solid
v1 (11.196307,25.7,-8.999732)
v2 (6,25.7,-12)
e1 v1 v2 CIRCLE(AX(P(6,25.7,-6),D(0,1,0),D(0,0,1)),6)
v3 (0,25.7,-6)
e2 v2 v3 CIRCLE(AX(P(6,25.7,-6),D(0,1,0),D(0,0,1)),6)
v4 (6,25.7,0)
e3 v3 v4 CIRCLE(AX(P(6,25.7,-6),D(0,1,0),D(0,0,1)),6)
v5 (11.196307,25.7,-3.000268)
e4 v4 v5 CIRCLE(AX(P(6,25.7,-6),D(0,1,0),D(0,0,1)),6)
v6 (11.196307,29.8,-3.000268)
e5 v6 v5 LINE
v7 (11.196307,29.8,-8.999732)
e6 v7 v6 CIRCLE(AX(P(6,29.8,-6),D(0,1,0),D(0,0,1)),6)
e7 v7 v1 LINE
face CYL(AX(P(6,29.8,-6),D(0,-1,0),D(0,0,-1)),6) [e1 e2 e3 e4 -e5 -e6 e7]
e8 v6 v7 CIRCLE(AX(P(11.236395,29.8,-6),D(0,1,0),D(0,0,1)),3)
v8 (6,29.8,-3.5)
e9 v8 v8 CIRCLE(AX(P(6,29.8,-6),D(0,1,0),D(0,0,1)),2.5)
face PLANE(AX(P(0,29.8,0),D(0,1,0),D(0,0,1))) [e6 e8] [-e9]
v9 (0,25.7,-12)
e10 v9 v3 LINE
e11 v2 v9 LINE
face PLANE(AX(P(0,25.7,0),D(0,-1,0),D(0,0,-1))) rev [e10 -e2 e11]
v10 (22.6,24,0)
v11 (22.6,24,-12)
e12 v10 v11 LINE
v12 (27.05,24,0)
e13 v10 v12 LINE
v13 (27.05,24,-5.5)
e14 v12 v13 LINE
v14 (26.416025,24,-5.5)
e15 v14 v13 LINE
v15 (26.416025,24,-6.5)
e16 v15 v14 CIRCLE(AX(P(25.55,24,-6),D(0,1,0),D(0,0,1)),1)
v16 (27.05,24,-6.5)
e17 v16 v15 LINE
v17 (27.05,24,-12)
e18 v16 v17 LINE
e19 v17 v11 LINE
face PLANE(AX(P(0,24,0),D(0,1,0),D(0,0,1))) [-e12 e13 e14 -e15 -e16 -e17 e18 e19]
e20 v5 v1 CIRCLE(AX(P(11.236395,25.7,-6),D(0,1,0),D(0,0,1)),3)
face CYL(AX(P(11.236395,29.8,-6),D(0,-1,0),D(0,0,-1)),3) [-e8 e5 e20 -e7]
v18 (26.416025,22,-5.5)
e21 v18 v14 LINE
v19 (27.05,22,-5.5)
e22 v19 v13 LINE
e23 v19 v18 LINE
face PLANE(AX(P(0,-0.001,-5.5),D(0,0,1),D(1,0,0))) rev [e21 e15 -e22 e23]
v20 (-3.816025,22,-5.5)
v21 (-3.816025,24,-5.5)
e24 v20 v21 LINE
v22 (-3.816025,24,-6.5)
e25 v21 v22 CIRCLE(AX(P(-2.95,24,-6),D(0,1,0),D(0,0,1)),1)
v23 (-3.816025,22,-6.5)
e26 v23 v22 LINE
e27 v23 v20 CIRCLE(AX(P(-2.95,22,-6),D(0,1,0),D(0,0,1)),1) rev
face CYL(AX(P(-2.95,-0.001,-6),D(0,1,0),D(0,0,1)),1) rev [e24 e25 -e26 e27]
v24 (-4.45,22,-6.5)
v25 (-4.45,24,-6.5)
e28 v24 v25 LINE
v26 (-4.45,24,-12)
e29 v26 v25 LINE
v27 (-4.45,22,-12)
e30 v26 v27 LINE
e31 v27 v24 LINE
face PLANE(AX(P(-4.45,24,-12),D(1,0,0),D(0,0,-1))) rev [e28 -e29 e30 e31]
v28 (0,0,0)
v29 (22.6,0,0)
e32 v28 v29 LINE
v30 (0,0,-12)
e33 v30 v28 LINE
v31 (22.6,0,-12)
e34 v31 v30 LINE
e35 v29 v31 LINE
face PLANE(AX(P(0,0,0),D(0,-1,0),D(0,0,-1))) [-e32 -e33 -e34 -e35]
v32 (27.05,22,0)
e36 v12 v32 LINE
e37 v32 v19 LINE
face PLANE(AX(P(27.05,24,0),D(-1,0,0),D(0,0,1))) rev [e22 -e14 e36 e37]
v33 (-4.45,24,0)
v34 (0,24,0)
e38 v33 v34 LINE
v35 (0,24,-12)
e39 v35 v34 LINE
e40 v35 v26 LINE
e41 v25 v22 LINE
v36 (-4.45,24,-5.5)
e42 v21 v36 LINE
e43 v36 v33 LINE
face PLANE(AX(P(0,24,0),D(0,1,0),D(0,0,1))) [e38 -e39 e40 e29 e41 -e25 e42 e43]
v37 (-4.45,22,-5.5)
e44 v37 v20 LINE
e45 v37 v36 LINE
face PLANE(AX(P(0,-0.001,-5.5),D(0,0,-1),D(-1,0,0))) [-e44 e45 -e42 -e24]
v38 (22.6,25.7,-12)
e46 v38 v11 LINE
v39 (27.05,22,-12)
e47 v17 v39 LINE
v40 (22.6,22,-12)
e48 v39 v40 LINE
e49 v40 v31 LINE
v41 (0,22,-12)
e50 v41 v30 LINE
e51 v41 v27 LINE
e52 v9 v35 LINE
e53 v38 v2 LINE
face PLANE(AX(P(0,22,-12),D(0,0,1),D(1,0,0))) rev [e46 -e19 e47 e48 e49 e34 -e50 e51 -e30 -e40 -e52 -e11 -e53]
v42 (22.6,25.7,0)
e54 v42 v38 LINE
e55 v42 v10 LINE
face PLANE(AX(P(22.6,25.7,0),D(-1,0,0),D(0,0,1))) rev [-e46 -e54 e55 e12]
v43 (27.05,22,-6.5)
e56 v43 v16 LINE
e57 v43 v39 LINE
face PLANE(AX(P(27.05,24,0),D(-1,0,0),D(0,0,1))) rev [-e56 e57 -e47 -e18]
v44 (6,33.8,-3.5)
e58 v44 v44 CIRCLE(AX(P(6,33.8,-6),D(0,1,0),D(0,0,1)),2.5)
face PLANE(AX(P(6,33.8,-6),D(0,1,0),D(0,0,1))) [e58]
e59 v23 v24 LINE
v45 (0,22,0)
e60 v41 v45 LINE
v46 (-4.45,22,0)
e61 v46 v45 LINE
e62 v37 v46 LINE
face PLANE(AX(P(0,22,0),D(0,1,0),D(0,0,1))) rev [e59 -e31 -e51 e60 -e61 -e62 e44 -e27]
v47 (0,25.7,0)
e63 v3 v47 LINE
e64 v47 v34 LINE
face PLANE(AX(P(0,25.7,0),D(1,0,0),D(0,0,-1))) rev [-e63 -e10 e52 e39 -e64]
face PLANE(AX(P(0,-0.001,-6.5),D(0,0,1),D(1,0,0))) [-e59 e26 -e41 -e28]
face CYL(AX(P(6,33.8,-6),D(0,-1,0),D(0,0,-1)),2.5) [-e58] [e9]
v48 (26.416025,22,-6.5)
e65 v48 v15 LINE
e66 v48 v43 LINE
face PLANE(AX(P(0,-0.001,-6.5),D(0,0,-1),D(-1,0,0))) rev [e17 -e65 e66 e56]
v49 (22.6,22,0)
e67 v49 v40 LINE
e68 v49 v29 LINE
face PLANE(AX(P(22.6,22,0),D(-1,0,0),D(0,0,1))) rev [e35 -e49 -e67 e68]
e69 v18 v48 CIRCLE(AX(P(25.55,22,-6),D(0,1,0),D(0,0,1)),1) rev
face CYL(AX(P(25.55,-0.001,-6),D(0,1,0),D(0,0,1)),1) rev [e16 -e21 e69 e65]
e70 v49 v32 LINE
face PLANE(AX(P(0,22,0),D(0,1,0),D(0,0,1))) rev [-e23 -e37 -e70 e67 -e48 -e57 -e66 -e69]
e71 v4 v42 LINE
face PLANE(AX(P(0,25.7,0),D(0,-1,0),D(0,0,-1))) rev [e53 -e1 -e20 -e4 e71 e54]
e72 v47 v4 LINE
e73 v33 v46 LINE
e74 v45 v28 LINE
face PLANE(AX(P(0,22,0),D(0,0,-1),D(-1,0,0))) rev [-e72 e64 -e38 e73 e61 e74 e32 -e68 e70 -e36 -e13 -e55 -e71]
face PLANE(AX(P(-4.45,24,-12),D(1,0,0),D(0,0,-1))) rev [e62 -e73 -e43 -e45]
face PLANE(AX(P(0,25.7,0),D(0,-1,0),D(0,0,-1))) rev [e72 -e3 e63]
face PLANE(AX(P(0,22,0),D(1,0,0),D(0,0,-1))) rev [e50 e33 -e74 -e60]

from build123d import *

# Parameters (mm, degrees)
SCHIZZO1_W                   = 22.6
SCHIZZO1_H                   = 12
ESTRUSIONE_ESTRUSIONE1_DEPTH = 22
SCHIZZO3_W                   = 31.5
SCHIZZO3_H                   = 12
ESTRUSIONE_ESTRUSIONE2_DEPTH = 2
SCHIZZO4_W                   = 22.6
SCHIZZO4_H                   = 12
ESTRUSIONE_ESTRUSIONE3_DEPTH = 1.7
SCHIZZO5_R                   = 3
SCHIZZO5_R_2                 = 6
ESTRUSIONE_ESTRUSIONE4_DEPTH = 4.1
SCHIZZO6_R                   = 2.5
ESTRUSIONE_ESTRUSIONE5_DEPTH = 4
TAGLIO_ESTRUSIONE2_REACH     = 40.101


with BuildPart() as part:
    # Schizzo1 → Estrusione-Estrusione1 (new body)
    with BuildSketch(Plane(origin=(0, 0, 0), x_dir=(1, 0, 0), z_dir=(0, 1, 0))):
        with Locations((11.3, 6)):
            Rectangle(SCHIZZO1_W, SCHIZZO1_H)
    extrude(amount=ESTRUSIONE_ESTRUSIONE1_DEPTH)

    # Schizzo3 → Estrusione-Estrusione2 (add)
    with BuildSketch(Plane(origin=(0, 22, 0), x_dir=(1, 0, 0), z_dir=(0, 1, 0))):
        with Locations((11.3, 6)):
            Rectangle(SCHIZZO3_W, SCHIZZO3_H)
    extrude(amount=ESTRUSIONE_ESTRUSIONE2_DEPTH)

    # Schizzo4 → Estrusione-Estrusione3 (add)
    with BuildSketch(Plane(origin=(0, 24, 0), x_dir=(1, 0, 0), z_dir=(0, 1, 0))):
        with Locations((11.3, 6)):
            Rectangle(SCHIZZO4_W, SCHIZZO4_H)
    extrude(amount=ESTRUSIONE_ESTRUSIONE3_DEPTH)

    # Schizzo5 → Estrusione-Estrusione4 (add)
    with BuildSketch(Plane(origin=(0, 25.7, 0), x_dir=(1, 0, 0), z_dir=(0, 1, 0))):
        with Locations((11.236395356, 6)):
            Circle(SCHIZZO5_R)
        with Locations((6, 6)):
            Circle(SCHIZZO5_R_2)
    extrude(amount=ESTRUSIONE_ESTRUSIONE4_DEPTH)

    # Schizzo6 → Estrusione-Estrusione5 (add)
    with BuildSketch(Plane(origin=(0, 29.8, 0), x_dir=(1, 0, 0), z_dir=(0, 1, 0))):
        with Locations(Location((6, 6, 0), (0, 0, 270))):
            Circle(SCHIZZO6_R)
    extrude(amount=ESTRUSIONE_ESTRUSIONE5_DEPTH)

    # Schizzo7 → Taglio-Estrusione2 (cut, up to next)
    with BuildSketch(Plane(origin=(0, 24, 0), x_dir=(1, 0, 0), z_dir=(0, 1, 0)), mode=Mode.PRIVATE) as taglio_estrusione2_sk1:
        with BuildLine():
            Line((-4.45, 5.5), (-3.816025404, 5.5))
            ThreePointArc((-3.816025404, 5.5), (-3.915925826, 5.741180955), (-3.95, 6))
            Line((-3.95, 6), (-4.45, 6))
            Line((-4.45, 6), (-4.45, 5.5))
        make_face()
    taglio_estrusione2_tool1 = extrude(taglio_estrusione2_sk1.sketch, amount=-TAGLIO_ESTRUSIONE2_REACH, mode=Mode.PRIVATE) & part.part
    # Schizzo7 → Taglio-Estrusione2 (cut, up to next)
    with BuildSketch(Plane(origin=(0, 24, 0), x_dir=(1, 0, 0), z_dir=(0, 1, 0)), mode=Mode.PRIVATE) as taglio_estrusione2_sk2:
        with BuildLine():
            ThreePointArc((-3.95, 6), (-3.915925826, 6.258819045), (-3.816025404, 6.5))
            Line((-3.816025404, 6.5), (-4.45, 6.5))
            Line((-4.45, 6.5), (-4.45, 6))
            Line((-4.45, 6), (-3.95, 6))
        make_face()
    taglio_estrusione2_tool2 = extrude(taglio_estrusione2_sk2.sketch, amount=-TAGLIO_ESTRUSIONE2_REACH, mode=Mode.PRIVATE) & part.part
    # Schizzo7 → Taglio-Estrusione2 (cut, up to next)
    with BuildSketch(Plane(origin=(0, 24, 0), x_dir=(1, 0, 0), z_dir=(0, 1, 0)), mode=Mode.PRIVATE) as taglio_estrusione2_sk3:
        with BuildLine():
            ThreePointArc((-3.816025404, 5.5), (-2.691180955, 5.034074174), (-1.95, 6))
            Line((-1.95, 6), (-2.449082486, 6))
            Line((-2.449082486, 6), (-2.449082486, 5.5))
            Line((-2.449082486, 5.5), (-3.816025404, 5.5))
        make_face()
    taglio_estrusione2_tool3 = extrude(taglio_estrusione2_sk3.sketch, amount=-TAGLIO_ESTRUSIONE2_REACH, mode=Mode.PRIVATE) & part.part
    # Schizzo7 → Taglio-Estrusione2 (cut, up to next)
    with BuildSketch(Plane(origin=(0, 24, 0), x_dir=(1, 0, 0), z_dir=(0, 1, 0)), mode=Mode.PRIVATE) as taglio_estrusione2_sk4:
        with BuildLine():
            Line((-2.449082486, 5.5), (-2.449082486, 6))
            Line((-2.449082486, 6), (-3.95, 6))
            ThreePointArc((-3.95, 6), (-3.915925826, 5.741180955), (-3.816025404, 5.5))
            Line((-3.816025404, 5.5), (-2.449082486, 5.5))
        make_face()
    taglio_estrusione2_tool4 = extrude(taglio_estrusione2_sk4.sketch, amount=-TAGLIO_ESTRUSIONE2_REACH, mode=Mode.PRIVATE) & part.part
    # Schizzo7 → Taglio-Estrusione2 (cut, up to next)
    with BuildSketch(Plane(origin=(0, 24, 0), x_dir=(1, 0, 0), z_dir=(0, 1, 0)), mode=Mode.PRIVATE) as taglio_estrusione2_sk5:
        with BuildLine():
            Line((-2.449082486, 6), (-1.95, 6))
            ThreePointArc((-1.95, 6), (-2.691180955, 6.965925826), (-3.816025404, 6.5))
            Line((-3.816025404, 6.5), (-2.449082486, 6.5))
            Line((-2.449082486, 6.5), (-2.449082486, 6))
        make_face()
    taglio_estrusione2_tool5 = extrude(taglio_estrusione2_sk5.sketch, amount=-TAGLIO_ESTRUSIONE2_REACH, mode=Mode.PRIVATE) & part.part
    # Schizzo7 → Taglio-Estrusione2 (cut, up to next)
    with BuildSketch(Plane(origin=(0, 24, 0), x_dir=(1, 0, 0), z_dir=(0, 1, 0)), mode=Mode.PRIVATE) as taglio_estrusione2_sk6:
        with BuildLine():
            Line((-3.95, 6), (-2.449082486, 6))
            Line((-2.449082486, 6), (-2.449082486, 6.5))
            Line((-2.449082486, 6.5), (-3.816025404, 6.5))
            ThreePointArc((-3.816025404, 6.5), (-3.915925826, 6.258819045), (-3.95, 6))
        make_face()
    taglio_estrusione2_tool6 = extrude(taglio_estrusione2_sk6.sketch, amount=-TAGLIO_ESTRUSIONE2_REACH, mode=Mode.PRIVATE) & part.part
    # Schizzo7 → Taglio-Estrusione2 (cut, up to next)
    with BuildSketch(Plane(origin=(0, 24, 0), x_dir=(1, 0, 0), z_dir=(0, 1, 0)), mode=Mode.PRIVATE) as taglio_estrusione2_sk7:
        with BuildLine():
            ThreePointArc((-3.816025404, 5.5), (-2.691180955, 5.034074174), (-1.95, 6))
            Line((-1.95, 6), (-2.449082486, 6))
            Line((-2.449082486, 6), (-2.449082486, 5.5))
            Line((-2.449082486, 5.5), (-3.816025404, 5.5))
        make_face()
    taglio_estrusione2_tool7 = extrude(taglio_estrusione2_sk7.sketch, amount=-TAGLIO_ESTRUSIONE2_REACH, mode=Mode.PRIVATE) & part.part
    # Schizzo7 → Taglio-Estrusione2 (cut, up to next)
    with BuildSketch(Plane(origin=(0, 24, 0), x_dir=(1, 0, 0), z_dir=(0, 1, 0)), mode=Mode.PRIVATE) as taglio_estrusione2_sk8:
        with BuildLine():
            Line((-2.449082486, 5.5), (-2.449082486, 6))
            Line((-2.449082486, 6), (-3.95, 6))
            ThreePointArc((-3.95, 6), (-3.915925826, 5.741180955), (-3.816025404, 5.5))
            Line((-3.816025404, 5.5), (-2.449082486, 5.5))
        make_face()
    taglio_estrusione2_tool8 = extrude(taglio_estrusione2_sk8.sketch, amount=-TAGLIO_ESTRUSIONE2_REACH, mode=Mode.PRIVATE) & part.part
    # Schizzo7 → Taglio-Estrusione2 (cut, up to next)
    with BuildSketch(Plane(origin=(0, 24, 0), x_dir=(1, 0, 0), z_dir=(0, 1, 0)), mode=Mode.PRIVATE) as taglio_estrusione2_sk9:
        with BuildLine():
            Line((-2.449082486, 6), (-1.95, 6))
            ThreePointArc((-1.95, 6), (-2.691180955, 6.965925826), (-3.816025404, 6.5))
            Line((-3.816025404, 6.5), (-2.449082486, 6.5))
            Line((-2.449082486, 6.5), (-2.449082486, 6))
        make_face()
    taglio_estrusione2_tool9 = extrude(taglio_estrusione2_sk9.sketch, amount=-TAGLIO_ESTRUSIONE2_REACH, mode=Mode.PRIVATE) & part.part
    # Schizzo7 → Taglio-Estrusione2 (cut, up to next)
    with BuildSketch(Plane(origin=(0, 24, 0), x_dir=(1, 0, 0), z_dir=(0, 1, 0)), mode=Mode.PRIVATE) as taglio_estrusione2_sk10:
        with BuildLine():
            Line((-3.95, 6), (-2.449082486, 6))
            Line((-2.449082486, 6), (-2.449082486, 6.5))
            Line((-2.449082486, 6.5), (-3.816025404, 6.5))
            ThreePointArc((-3.816025404, 6.5), (-3.915925826, 6.258819045), (-3.95, 6))
        make_face()
    taglio_estrusione2_tool10 = extrude(taglio_estrusione2_sk10.sketch, amount=-TAGLIO_ESTRUSIONE2_REACH, mode=Mode.PRIVATE) & part.part
    # Schizzo7 → Taglio-Estrusione2 (cut, up to next)
    with BuildSketch(Plane(origin=(0, 24, 0), x_dir=(1, 0, 0), z_dir=(0, 1, 0)), mode=Mode.PRIVATE) as taglio_estrusione2_sk11:
        with BuildLine():
            ThreePointArc((26.416025404, 5.5), (26.515925826, 5.741180955), (26.55, 6))
            Line((26.55, 6), (25.047557224, 6))
            Line((25.047557224, 6), (25.047557224, 5.5))
            Line((25.047557224, 5.5), (26.416025404, 5.5))
        make_face()
    taglio_estrusione2_tool11 = extrude(taglio_estrusione2_sk11.sketch, amount=-TAGLIO_ESTRUSIONE2_REACH, mode=Mode.PRIVATE) & part.part
    # Schizzo7 → Taglio-Estrusione2 (cut, up to next)
    with BuildSketch(Plane(origin=(0, 24, 0), x_dir=(1, 0, 0), z_dir=(0, 1, 0)), mode=Mode.PRIVATE) as taglio_estrusione2_sk12:
        with BuildLine():
            Line((25.047557224, 5.5), (25.047557224, 6))
            Line((25.047557224, 6), (24.55, 6))
            ThreePointArc((24.55, 6), (25.291180955, 5.034074174), (26.416025404, 5.5))
            Line((26.416025404, 5.5), (25.047557224, 5.5))
        make_face()
    taglio_estrusione2_tool12 = extrude(taglio_estrusione2_sk12.sketch, amount=-TAGLIO_ESTRUSIONE2_REACH, mode=Mode.PRIVATE) & part.part
    # Schizzo7 → Taglio-Estrusione2 (cut, up to next)
    with BuildSketch(Plane(origin=(0, 24, 0), x_dir=(1, 0, 0), z_dir=(0, 1, 0)), mode=Mode.PRIVATE) as taglio_estrusione2_sk13:
        with BuildLine():
            ThreePointArc((26.416025404, 5.5), (26.515925826, 5.741180955), (26.55, 6))
            Line((26.55, 6), (25.047557224, 6))
            Line((25.047557224, 6), (25.047557224, 5.5))
            Line((25.047557224, 5.5), (26.416025404, 5.5))
        make_face()
    taglio_estrusione2_tool13 = extrude(taglio_estrusione2_sk13.sketch, amount=-TAGLIO_ESTRUSIONE2_REACH, mode=Mode.PRIVATE) & part.part
    # Schizzo7 → Taglio-Estrusione2 (cut, up to next)
    with BuildSketch(Plane(origin=(0, 24, 0), x_dir=(1, 0, 0), z_dir=(0, 1, 0)), mode=Mode.PRIVATE) as taglio_estrusione2_sk14:
        with BuildLine():
            Line((25.047557224, 5.5), (25.047557224, 6))
            Line((25.047557224, 6), (24.55, 6))
            ThreePointArc((24.55, 6), (25.291180955, 5.034074174), (26.416025404, 5.5))
            Line((26.416025404, 5.5), (25.047557224, 5.5))
        make_face()
    taglio_estrusione2_tool14 = extrude(taglio_estrusione2_sk14.sketch, amount=-TAGLIO_ESTRUSIONE2_REACH, mode=Mode.PRIVATE) & part.part
    # Schizzo7 → Taglio-Estrusione2 (cut, up to next)
    with BuildSketch(Plane(origin=(0, 24, 0), x_dir=(1, 0, 0), z_dir=(0, 1, 0)), mode=Mode.PRIVATE) as taglio_estrusione2_sk15:
        with BuildLine():
            Line((25.047557224, 6), (26.55, 6))
            ThreePointArc((26.55, 6), (26.515925826, 6.258819045), (26.416025404, 6.5))
            Line((26.416025404, 6.5), (25.047557224, 6.5))
            Line((25.047557224, 6.5), (25.047557224, 6))
        make_face()
    taglio_estrusione2_tool15 = extrude(taglio_estrusione2_sk15.sketch, amount=-TAGLIO_ESTRUSIONE2_REACH, mode=Mode.PRIVATE) & part.part
    # Schizzo7 → Taglio-Estrusione2 (cut, up to next)
    with BuildSketch(Plane(origin=(0, 24, 0), x_dir=(1, 0, 0), z_dir=(0, 1, 0)), mode=Mode.PRIVATE) as taglio_estrusione2_sk16:
        with BuildLine():
            Line((24.55, 6), (25.047557224, 6))
            Line((25.047557224, 6), (25.047557224, 6.5))
            Line((25.047557224, 6.5), (26.416025404, 6.5))
            ThreePointArc((26.416025404, 6.5), (25.291180955, 6.965925826), (24.55, 6))
        make_face()
    taglio_estrusione2_tool16 = extrude(taglio_estrusione2_sk16.sketch, amount=-TAGLIO_ESTRUSIONE2_REACH, mode=Mode.PRIVATE) & part.part
    # Schizzo7 → Taglio-Estrusione2 (cut, up to next)
    with BuildSketch(Plane(origin=(0, 24, 0), x_dir=(1, 0, 0), z_dir=(0, 1, 0)), mode=Mode.PRIVATE) as taglio_estrusione2_sk17:
        with BuildLine():
            Line((25.047557224, 6), (26.55, 6))
            ThreePointArc((26.55, 6), (26.515925826, 6.258819045), (26.416025404, 6.5))
            Line((26.416025404, 6.5), (25.047557224, 6.5))
            Line((25.047557224, 6.5), (25.047557224, 6))
        make_face()
    taglio_estrusione2_tool17 = extrude(taglio_estrusione2_sk17.sketch, amount=-TAGLIO_ESTRUSIONE2_REACH, mode=Mode.PRIVATE) & part.part
    # Schizzo7 → Taglio-Estrusione2 (cut, up to next)
    with BuildSketch(Plane(origin=(0, 24, 0), x_dir=(1, 0, 0), z_dir=(0, 1, 0)), mode=Mode.PRIVATE) as taglio_estrusione2_sk18:
        with BuildLine():
            Line((24.55, 6), (25.047557224, 6))
            Line((25.047557224, 6), (25.047557224, 6.5))
            Line((25.047557224, 6.5), (26.416025404, 6.5))
            ThreePointArc((26.416025404, 6.5), (25.291180955, 6.965925826), (24.55, 6))
        make_face()
    taglio_estrusione2_tool18 = extrude(taglio_estrusione2_sk18.sketch, amount=-TAGLIO_ESTRUSIONE2_REACH, mode=Mode.PRIVATE) & part.part
    # Schizzo7 → Taglio-Estrusione2 (cut, up to next)
    with BuildSketch(Plane(origin=(0, 24, 0), x_dir=(1, 0, 0), z_dir=(0, 1, 0)), mode=Mode.PRIVATE) as taglio_estrusione2_sk19:
        with BuildLine():
            Line((26.55, 6), (27.05, 6))
            Line((27.05, 6), (27.05, 6.5))
            Line((27.05, 6.5), (26.416025404, 6.5))
            ThreePointArc((26.416025404, 6.5), (26.515925826, 6.258819045), (26.55, 6))
        make_face()
    taglio_estrusione2_tool19 = extrude(taglio_estrusione2_sk19.sketch, amount=-TAGLIO_ESTRUSIONE2_REACH, mode=Mode.PRIVATE) & part.part
    # Schizzo7 → Taglio-Estrusione2 (cut, up to next)
    with BuildSketch(Plane(origin=(0, 24, 0), x_dir=(1, 0, 0), z_dir=(0, 1, 0)), mode=Mode.PRIVATE) as taglio_estrusione2_sk20:
        with BuildLine():
            Line((27.05, 5.5), (27.05, 6))
            Line((27.05, 6), (26.55, 6))
            ThreePointArc((26.55, 6), (26.515925826, 5.741180955), (26.416025404, 5.5))
            Line((26.416025404, 5.5), (27.05, 5.5))
        make_face()
    taglio_estrusione2_tool20 = extrude(taglio_estrusione2_sk20.sketch, amount=-TAGLIO_ESTRUSIONE2_REACH, mode=Mode.PRIVATE) & part.part
    add(taglio_estrusione2_tool1.solids().sort_by_distance((-4.176869, 24, -5.73988))[0], mode=Mode.SUBTRACT)
    add(taglio_estrusione2_tool2.solids().sort_by_distance((-4.176869, 24, -6.26012))[0], mode=Mode.SUBTRACT)
    add(taglio_estrusione2_tool3.solids().sort_by_distance((-2.752339, 24, -5.42137))[0], mode=Mode.SUBTRACT)
    add(taglio_estrusione2_tool4.solids().sort_by_distance((-3.178383, 24, -5.753773))[0], mode=Mode.SUBTRACT)
    add(taglio_estrusione2_tool5.solids().sort_by_distance((-2.752339, 24, -6.57863))[0], mode=Mode.SUBTRACT)
    add(taglio_estrusione2_tool6.solids().sort_by_distance((-3.178383, 24, -6.246227))[0], mode=Mode.SUBTRACT)
    add(taglio_estrusione2_tool7.solids().sort_by_distance((-2.752339, 24, -5.42137))[0], mode=Mode.SUBTRACT)
    add(taglio_estrusione2_tool8.solids().sort_by_distance((-3.178383, 24, -5.753773))[0], mode=Mode.SUBTRACT)
    add(taglio_estrusione2_tool9.solids().sort_by_distance((-2.752339, 24, -6.57863))[0], mode=Mode.SUBTRACT)
    add(taglio_estrusione2_tool10.solids().sort_by_distance((-3.178383, 24, -6.246227))[0], mode=Mode.SUBTRACT)
    add(taglio_estrusione2_tool11.solids().sort_by_distance((25.777619, 24, -5.753769))[0], mode=Mode.SUBTRACT)
    add(taglio_estrusione2_tool12.solids().sort_by_distance((25.352614, 24, -5.421072))[0], mode=Mode.SUBTRACT)
    add(taglio_estrusione2_tool13.solids().sort_by_distance((25.777619, 24, -5.753769))[0], mode=Mode.SUBTRACT)
    add(taglio_estrusione2_tool14.solids().sort_by_distance((25.352614, 24, -5.421072))[0], mode=Mode.SUBTRACT)
    add(taglio_estrusione2_tool15.solids().sort_by_distance((25.777619, 24, -6.246231))[0], mode=Mode.SUBTRACT)
    add(taglio_estrusione2_tool16.solids().sort_by_distance((25.352614, 24, -6.578928))[0], mode=Mode.SUBTRACT)
    add(taglio_estrusione2_tool17.solids().sort_by_distance((25.777619, 24, -6.246231))[0], mode=Mode.SUBTRACT)
    add(taglio_estrusione2_tool18.solids().sort_by_distance((25.352614, 24, -6.578928))[0], mode=Mode.SUBTRACT)
    add(taglio_estrusione2_tool19.solids().sort_by_distance((26.776869, 24, -6.26012))[0], mode=Mode.SUBTRACT)
    add(taglio_estrusione2_tool20.solids().sort_by_distance((26.776869, 24, -5.73988))[0], mode=Mode.SUBTRACT)


solid = part.part
